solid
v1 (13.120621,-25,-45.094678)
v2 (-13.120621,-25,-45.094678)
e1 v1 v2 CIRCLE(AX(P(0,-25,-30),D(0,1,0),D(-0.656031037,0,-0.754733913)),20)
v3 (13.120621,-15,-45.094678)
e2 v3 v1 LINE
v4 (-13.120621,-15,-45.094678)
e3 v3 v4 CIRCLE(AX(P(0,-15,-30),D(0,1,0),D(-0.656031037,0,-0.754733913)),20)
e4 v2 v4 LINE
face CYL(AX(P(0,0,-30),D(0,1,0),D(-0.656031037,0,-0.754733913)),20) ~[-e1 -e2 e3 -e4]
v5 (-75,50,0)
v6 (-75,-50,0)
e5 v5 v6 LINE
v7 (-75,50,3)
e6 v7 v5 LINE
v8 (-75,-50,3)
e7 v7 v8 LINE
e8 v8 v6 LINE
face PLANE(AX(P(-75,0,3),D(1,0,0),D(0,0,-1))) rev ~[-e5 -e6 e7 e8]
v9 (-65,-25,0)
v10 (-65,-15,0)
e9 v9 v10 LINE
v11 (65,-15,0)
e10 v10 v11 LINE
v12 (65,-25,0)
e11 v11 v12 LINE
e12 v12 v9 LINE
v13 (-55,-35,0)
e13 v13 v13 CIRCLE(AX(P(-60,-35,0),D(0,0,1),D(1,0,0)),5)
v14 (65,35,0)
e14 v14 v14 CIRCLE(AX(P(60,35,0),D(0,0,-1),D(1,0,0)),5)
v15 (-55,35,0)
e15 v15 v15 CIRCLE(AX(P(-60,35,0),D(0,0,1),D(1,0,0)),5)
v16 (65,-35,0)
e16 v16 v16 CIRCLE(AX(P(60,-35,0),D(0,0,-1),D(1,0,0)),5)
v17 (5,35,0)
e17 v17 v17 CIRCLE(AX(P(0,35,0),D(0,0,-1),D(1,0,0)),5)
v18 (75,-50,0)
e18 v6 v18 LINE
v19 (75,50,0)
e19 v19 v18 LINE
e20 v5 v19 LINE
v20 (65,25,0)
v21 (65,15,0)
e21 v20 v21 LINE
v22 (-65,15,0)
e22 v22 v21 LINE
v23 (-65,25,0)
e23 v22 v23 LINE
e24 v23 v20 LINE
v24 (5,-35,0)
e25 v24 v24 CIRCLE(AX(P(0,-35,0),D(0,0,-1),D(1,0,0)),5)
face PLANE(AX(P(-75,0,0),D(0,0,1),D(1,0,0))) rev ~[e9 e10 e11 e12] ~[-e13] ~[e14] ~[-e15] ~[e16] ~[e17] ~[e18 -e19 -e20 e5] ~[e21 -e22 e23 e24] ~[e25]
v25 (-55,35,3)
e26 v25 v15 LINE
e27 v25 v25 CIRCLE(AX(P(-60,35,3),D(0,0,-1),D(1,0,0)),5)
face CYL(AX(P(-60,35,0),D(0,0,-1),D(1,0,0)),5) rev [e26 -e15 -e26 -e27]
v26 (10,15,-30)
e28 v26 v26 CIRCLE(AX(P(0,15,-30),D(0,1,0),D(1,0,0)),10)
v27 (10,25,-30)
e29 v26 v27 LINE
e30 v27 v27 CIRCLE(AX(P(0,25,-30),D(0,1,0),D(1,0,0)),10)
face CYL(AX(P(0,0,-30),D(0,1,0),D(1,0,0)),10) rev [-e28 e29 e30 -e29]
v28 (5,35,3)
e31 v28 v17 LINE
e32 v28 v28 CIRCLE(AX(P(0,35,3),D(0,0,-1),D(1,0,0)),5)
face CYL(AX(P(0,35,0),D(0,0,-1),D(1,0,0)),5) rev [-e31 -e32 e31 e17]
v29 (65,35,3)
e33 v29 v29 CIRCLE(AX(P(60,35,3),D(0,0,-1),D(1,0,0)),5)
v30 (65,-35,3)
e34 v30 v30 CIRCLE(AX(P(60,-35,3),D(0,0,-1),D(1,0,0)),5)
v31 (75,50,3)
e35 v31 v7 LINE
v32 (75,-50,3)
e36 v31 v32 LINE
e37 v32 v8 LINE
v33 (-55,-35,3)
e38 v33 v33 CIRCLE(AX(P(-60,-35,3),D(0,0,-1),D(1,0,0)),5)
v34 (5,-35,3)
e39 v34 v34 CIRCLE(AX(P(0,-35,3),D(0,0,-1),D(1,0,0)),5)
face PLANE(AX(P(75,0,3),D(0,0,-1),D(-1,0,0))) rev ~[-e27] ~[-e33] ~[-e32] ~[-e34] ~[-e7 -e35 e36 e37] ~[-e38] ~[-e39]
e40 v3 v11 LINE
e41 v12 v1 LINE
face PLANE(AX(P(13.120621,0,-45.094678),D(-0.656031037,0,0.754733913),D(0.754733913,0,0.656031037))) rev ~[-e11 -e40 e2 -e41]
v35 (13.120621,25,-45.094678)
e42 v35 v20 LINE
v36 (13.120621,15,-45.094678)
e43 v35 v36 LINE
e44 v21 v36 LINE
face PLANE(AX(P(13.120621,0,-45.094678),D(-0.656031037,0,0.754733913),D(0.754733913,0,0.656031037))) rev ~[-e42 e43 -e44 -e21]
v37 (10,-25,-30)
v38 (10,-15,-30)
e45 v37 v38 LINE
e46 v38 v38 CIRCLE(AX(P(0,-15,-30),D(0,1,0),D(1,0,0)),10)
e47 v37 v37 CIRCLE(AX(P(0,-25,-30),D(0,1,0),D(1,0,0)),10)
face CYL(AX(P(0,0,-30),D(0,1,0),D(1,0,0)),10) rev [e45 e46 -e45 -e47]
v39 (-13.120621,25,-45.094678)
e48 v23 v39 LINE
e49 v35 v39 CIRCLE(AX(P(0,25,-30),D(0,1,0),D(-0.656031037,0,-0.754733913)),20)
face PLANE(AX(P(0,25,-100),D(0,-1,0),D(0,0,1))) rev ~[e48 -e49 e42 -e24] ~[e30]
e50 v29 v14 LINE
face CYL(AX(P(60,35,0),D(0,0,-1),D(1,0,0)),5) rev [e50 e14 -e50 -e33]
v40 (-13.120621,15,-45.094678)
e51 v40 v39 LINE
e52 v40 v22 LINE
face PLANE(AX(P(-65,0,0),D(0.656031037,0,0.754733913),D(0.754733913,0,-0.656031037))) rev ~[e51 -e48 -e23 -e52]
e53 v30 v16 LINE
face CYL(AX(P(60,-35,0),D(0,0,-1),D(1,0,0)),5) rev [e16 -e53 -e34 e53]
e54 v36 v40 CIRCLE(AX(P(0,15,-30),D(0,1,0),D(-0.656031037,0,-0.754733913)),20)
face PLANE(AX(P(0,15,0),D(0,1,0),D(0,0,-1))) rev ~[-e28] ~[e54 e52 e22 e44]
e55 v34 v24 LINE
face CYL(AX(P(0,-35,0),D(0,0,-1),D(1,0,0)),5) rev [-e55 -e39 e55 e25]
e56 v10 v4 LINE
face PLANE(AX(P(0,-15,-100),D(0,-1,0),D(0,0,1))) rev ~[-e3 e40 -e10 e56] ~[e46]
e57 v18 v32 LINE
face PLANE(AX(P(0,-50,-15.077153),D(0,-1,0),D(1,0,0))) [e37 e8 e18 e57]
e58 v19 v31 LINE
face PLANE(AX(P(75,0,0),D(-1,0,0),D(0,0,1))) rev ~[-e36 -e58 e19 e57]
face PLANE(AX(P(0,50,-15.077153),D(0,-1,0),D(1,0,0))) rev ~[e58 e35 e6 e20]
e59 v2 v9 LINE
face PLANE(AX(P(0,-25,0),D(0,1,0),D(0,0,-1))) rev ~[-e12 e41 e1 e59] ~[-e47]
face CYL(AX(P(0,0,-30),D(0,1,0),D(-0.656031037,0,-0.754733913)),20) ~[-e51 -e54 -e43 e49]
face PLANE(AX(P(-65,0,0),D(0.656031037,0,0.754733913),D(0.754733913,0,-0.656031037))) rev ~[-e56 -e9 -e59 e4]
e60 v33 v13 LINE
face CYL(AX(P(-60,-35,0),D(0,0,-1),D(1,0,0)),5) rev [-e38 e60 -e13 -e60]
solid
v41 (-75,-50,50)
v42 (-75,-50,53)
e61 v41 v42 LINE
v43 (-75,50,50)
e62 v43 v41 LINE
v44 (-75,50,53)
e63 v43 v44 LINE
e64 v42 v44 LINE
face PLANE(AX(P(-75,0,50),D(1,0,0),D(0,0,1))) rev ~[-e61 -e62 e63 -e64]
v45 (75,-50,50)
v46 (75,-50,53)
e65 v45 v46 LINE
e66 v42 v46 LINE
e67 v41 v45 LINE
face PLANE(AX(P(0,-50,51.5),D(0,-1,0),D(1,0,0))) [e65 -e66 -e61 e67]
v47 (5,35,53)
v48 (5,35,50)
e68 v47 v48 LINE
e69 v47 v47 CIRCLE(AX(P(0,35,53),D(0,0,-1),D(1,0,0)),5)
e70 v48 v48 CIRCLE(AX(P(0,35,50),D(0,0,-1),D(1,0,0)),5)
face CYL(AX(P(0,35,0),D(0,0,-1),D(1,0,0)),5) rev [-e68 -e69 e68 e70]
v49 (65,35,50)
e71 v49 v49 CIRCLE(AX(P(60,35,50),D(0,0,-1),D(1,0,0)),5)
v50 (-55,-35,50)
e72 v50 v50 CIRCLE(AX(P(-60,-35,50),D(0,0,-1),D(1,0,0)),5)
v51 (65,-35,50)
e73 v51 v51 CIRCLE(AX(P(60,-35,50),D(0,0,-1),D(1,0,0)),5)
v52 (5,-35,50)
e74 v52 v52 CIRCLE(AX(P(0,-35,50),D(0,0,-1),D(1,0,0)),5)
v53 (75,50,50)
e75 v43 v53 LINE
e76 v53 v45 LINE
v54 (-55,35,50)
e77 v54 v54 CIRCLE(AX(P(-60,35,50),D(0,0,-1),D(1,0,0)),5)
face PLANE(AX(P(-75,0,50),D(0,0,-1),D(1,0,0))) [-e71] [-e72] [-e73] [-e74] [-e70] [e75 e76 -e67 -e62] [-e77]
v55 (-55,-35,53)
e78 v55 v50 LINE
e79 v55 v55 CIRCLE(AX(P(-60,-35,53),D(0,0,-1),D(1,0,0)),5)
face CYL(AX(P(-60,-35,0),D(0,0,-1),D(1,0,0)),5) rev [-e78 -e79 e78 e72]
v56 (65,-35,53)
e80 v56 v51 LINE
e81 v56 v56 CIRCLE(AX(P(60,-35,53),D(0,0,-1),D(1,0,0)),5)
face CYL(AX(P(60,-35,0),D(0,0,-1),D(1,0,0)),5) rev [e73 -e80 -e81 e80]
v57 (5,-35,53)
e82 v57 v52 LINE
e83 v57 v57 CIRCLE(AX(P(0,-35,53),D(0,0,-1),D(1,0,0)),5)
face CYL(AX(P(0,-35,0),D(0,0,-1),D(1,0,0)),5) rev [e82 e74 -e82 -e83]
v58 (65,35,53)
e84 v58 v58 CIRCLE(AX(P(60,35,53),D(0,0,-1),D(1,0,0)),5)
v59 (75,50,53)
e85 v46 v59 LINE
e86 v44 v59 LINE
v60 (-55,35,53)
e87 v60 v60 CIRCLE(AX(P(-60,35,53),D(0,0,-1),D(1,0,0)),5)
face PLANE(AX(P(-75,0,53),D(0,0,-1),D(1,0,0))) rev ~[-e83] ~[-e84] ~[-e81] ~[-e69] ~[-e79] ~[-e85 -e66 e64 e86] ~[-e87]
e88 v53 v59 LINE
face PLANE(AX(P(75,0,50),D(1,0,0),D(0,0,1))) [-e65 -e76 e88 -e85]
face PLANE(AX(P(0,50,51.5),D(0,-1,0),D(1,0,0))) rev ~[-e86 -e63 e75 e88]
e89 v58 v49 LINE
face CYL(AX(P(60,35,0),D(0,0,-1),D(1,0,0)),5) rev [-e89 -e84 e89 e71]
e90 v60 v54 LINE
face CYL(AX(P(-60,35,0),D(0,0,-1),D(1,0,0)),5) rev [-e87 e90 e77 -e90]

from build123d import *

# Parameters (mm, degrees)
F0_W     = 150
F0_H     = 100
F0_R     = 5
F3_DEPTH = 224
F2_R     = 10
F2_W     = 150
F2_H     = 3
F4_DEPTH = 50
F1_W     = 110
F1_H     = 3
F5_DEPTH = 630


with BuildPart() as f3:
    # F0 (on Top) → F3 (new body, symmetric)
    with BuildSketch(Plane.XY):
        Rectangle(F0_W, F0_H)
        with Locations((-60, -35)):
            Circle(F0_R, mode=Mode.SUBTRACT)
        with Locations((0, -35)):
            Circle(F0_R, mode=Mode.SUBTRACT)
        with Locations((60, -35)):
            Circle(F0_R, mode=Mode.SUBTRACT)
        with Locations((-60, 35)):
            Circle(F0_R, mode=Mode.SUBTRACT)
        with Locations((0, 35)):
            Circle(F0_R, mode=Mode.SUBTRACT)
        with Locations((60, 35)):
            Circle(F0_R, mode=Mode.SUBTRACT)
    extrude(amount=F3_DEPTH, both=True)

    # F2 (on Front) → F4 (intersect, symmetric)
    with BuildSketch(Plane.XZ):
        with BuildLine():
            ThreePointArc((-13.1206207326, -45.094678254), (0, -50), (13.1206207326, -45.094678254))
            Line((13.1206207326, -45.094678254), (65, 0))
            Line((65, 0), (20, 0))
            Line((20, 0), (-20, 0))
            Line((-20, 0), (-65, 0))
            Line((-65, 0), (-13.1206207326, -45.094678254))
        make_face()
        with Locations((0, -30)):
            Circle(F2_R, mode=Mode.SUBTRACT)
        Polygon((20, 0), (65, 0), (75, 0), (75, 3), (-75, 3), (-75, 0), (-65, 0), (-20, 0), align=None)
        with Locations((0, 51.5)):
            Rectangle(F2_W, F2_H)
    extrude(amount=F4_DEPTH, both=True, mode=Mode.INTERSECT)

    # F1 (on Right) → F5 (intersect, symmetric)
    with BuildSketch(Plane.YZ):
        Polygon((-15, -100), (-15, 0), (15, 0), (15, -100), (25, -100), (25, 0), (55, 0), (55, 3), (-55, 3), (-55, 0), (-25, 0), (-25, -100), align=None)
        with Locations((0, 51.5)):
            Rectangle(F1_W, F1_H)
    extrude(amount=F5_DEPTH, both=True, mode=Mode.INTERSECT)


solid = f3.part
